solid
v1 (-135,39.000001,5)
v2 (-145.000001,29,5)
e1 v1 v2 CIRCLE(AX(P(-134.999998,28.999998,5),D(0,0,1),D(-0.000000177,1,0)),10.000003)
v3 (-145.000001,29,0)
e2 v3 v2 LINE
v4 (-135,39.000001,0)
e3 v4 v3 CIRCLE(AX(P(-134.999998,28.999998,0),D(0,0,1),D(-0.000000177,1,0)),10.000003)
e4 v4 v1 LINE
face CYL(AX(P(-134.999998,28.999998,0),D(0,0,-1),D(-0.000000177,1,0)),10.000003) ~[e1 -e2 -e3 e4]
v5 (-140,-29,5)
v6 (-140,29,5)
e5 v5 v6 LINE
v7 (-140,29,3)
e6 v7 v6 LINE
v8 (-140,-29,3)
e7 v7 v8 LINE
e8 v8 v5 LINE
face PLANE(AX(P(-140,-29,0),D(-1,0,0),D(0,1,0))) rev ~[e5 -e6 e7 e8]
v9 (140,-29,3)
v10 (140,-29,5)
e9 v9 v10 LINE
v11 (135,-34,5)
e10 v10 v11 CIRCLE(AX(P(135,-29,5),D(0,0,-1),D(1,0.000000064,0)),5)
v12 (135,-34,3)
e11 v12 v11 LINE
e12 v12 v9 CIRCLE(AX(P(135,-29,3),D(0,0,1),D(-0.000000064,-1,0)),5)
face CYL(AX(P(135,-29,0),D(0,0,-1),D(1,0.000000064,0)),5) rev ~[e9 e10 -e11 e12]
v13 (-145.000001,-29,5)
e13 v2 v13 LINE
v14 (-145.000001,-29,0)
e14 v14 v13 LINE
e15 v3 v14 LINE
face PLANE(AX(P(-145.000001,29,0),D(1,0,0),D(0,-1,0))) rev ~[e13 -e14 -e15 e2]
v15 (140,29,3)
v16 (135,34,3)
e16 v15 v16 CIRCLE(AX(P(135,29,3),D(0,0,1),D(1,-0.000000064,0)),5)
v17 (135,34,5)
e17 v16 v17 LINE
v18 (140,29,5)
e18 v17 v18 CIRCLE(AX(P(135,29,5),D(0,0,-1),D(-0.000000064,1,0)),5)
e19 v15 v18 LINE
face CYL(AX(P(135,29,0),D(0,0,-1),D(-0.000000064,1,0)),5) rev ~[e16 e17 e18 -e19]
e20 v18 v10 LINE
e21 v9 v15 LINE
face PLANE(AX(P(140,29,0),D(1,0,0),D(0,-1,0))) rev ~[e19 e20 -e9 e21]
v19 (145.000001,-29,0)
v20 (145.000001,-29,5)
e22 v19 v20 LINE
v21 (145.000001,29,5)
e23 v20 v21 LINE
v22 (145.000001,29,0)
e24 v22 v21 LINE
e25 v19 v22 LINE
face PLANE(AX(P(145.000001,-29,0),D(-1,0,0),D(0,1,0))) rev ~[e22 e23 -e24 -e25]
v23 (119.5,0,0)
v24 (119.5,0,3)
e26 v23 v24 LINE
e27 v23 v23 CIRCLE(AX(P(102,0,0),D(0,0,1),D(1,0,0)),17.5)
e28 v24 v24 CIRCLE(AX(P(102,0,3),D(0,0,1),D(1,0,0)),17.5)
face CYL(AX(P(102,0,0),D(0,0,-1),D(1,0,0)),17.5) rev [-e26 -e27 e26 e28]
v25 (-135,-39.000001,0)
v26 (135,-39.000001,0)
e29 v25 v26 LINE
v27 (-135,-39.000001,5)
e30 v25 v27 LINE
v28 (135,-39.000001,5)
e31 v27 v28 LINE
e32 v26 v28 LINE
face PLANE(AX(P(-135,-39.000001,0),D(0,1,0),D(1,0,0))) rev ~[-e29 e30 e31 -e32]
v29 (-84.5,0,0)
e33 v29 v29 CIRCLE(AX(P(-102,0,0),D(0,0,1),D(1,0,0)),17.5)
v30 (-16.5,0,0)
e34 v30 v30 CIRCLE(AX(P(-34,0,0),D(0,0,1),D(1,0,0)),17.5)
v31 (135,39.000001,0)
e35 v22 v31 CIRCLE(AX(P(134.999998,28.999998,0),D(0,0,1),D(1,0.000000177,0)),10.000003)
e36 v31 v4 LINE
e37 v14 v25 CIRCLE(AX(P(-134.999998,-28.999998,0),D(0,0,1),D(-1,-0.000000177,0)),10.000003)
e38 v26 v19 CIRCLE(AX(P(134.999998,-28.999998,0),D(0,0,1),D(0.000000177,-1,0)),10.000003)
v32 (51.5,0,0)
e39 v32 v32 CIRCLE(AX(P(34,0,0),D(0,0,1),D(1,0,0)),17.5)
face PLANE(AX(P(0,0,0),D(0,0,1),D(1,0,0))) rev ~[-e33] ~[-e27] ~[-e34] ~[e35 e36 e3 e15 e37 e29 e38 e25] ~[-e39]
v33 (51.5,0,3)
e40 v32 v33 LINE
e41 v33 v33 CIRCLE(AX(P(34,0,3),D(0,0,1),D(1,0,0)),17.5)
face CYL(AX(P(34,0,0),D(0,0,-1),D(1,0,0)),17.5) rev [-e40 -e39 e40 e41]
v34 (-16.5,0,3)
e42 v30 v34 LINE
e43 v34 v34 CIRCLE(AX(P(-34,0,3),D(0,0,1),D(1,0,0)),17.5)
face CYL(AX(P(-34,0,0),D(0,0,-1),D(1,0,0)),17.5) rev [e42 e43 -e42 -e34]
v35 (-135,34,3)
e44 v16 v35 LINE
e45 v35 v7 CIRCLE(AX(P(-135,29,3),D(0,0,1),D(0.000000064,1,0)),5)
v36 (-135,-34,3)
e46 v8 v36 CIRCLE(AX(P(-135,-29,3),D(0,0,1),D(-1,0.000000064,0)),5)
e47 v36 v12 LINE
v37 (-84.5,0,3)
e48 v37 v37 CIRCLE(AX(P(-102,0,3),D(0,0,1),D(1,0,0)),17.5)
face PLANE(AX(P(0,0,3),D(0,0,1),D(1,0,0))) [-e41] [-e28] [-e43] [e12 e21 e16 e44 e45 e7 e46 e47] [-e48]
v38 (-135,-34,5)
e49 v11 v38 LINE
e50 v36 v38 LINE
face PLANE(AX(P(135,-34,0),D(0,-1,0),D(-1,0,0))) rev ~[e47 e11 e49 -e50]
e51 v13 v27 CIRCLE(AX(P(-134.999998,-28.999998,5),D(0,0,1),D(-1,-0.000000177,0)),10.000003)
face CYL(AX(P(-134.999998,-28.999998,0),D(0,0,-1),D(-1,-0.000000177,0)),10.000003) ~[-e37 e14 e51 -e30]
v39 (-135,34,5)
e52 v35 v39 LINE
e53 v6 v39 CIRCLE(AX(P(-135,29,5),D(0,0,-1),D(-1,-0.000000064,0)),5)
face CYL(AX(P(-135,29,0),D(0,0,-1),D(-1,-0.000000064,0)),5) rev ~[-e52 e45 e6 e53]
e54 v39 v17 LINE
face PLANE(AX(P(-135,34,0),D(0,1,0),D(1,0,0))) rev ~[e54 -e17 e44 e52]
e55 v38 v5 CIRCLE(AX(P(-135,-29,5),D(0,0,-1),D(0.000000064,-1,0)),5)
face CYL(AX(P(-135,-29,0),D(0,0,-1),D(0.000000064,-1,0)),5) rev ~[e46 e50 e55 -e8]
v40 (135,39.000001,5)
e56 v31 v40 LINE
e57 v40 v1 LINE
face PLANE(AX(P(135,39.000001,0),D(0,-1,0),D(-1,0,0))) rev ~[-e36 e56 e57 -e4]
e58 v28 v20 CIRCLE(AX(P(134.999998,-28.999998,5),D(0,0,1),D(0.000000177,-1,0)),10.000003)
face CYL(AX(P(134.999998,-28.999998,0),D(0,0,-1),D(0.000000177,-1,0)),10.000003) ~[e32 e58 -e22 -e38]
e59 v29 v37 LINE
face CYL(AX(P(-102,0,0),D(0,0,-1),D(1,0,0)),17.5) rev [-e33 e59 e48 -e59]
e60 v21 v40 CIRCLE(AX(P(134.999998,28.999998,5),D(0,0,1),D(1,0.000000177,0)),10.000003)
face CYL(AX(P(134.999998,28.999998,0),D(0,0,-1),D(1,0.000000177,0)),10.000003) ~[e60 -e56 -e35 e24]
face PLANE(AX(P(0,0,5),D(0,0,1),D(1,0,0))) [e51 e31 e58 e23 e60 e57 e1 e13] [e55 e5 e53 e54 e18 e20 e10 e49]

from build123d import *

# Parameters (mm, degrees)
F0_R     = 17.5
F1_DEPTH = 3
F2_DEPTH = 5


with BuildPart() as f1:
    # F0 (on Top) → F1 (new body)
    with BuildSketch(Plane.XY):
        with BuildLine():
            Line((-135, -34), (135, -34))
            ThreePointArc((135, -34), (138.535534, -32.535534), (140, -29))
            Line((140, -29), (140, 0))
            Line((140, 0), (140, 29))
            ThreePointArc((140, 29), (138.535534, 32.535534), (135, 34))
            Line((135, 34), (-135, 34))
            ThreePointArc((-135, 34), (-138.535534, 32.535534), (-140, 29))
            Line((-140, 29), (-140, -29))
            ThreePointArc((-140, -29), (-138.535534, -32.535534), (-135, -34))
        make_face()
        with Locations((-102, 0)):
            Circle(F0_R, mode=Mode.SUBTRACT)
        with Locations((-34, 0)):
            Circle(F0_R, mode=Mode.SUBTRACT)
        with Locations((34, 0)):
            Circle(F0_R, mode=Mode.SUBTRACT)
        with Locations((102, 0)):
            Circle(F0_R, mode=Mode.SUBTRACT)
    extrude(amount=F1_DEPTH)

    # F0 (on Top) → F2 (join)
    with BuildSketch(Plane.XY):
        with BuildLine():
            Line((-135, -39.000001), (135, -39.000001))
            ThreePointArc((135, -39.000001), (142.071068, -36.071068), (145.000001, -29))
            Line((145.000001, -29), (145.000001, 0))
            Line((145.000001, 0), (145.000001, 29))
            ThreePointArc((145.000001, 29), (142.071068, 36.071068), (135, 39.000001))
            Line((135, 39.000001), (-135, 39.000001))
            ThreePointArc((-135, 39.000001), (-142.071068, 36.071068), (-145.000001, 29))
            Line((-145.000001, 29), (-145.000001, -29))
            ThreePointArc((-145.000001, -29), (-142.071068, -36.071068), (-135, -39.000001))
        make_face()
        with BuildLine():
            ThreePointArc((140, -29), (138.535534, -32.535534), (135, -34))
            Line((135, -34), (-135, -34))
            ThreePointArc((-135, -34), (-138.535534, -32.535534), (-140, -29))
            Line((-140, -29), (-140, 29))
            ThreePointArc((-140, 29), (-138.535534, 32.535534), (-135, 34))
            Line((-135, 34), (135, 34))
            ThreePointArc((135, 34), (138.535534, 32.535534), (140, 29))
            Line((140, 29), (140, 0))
            Line((140, 0), (140, -29))
        make_face(mode=Mode.SUBTRACT)
    extrude(amount=F2_DEPTH)


solid = f1.part
